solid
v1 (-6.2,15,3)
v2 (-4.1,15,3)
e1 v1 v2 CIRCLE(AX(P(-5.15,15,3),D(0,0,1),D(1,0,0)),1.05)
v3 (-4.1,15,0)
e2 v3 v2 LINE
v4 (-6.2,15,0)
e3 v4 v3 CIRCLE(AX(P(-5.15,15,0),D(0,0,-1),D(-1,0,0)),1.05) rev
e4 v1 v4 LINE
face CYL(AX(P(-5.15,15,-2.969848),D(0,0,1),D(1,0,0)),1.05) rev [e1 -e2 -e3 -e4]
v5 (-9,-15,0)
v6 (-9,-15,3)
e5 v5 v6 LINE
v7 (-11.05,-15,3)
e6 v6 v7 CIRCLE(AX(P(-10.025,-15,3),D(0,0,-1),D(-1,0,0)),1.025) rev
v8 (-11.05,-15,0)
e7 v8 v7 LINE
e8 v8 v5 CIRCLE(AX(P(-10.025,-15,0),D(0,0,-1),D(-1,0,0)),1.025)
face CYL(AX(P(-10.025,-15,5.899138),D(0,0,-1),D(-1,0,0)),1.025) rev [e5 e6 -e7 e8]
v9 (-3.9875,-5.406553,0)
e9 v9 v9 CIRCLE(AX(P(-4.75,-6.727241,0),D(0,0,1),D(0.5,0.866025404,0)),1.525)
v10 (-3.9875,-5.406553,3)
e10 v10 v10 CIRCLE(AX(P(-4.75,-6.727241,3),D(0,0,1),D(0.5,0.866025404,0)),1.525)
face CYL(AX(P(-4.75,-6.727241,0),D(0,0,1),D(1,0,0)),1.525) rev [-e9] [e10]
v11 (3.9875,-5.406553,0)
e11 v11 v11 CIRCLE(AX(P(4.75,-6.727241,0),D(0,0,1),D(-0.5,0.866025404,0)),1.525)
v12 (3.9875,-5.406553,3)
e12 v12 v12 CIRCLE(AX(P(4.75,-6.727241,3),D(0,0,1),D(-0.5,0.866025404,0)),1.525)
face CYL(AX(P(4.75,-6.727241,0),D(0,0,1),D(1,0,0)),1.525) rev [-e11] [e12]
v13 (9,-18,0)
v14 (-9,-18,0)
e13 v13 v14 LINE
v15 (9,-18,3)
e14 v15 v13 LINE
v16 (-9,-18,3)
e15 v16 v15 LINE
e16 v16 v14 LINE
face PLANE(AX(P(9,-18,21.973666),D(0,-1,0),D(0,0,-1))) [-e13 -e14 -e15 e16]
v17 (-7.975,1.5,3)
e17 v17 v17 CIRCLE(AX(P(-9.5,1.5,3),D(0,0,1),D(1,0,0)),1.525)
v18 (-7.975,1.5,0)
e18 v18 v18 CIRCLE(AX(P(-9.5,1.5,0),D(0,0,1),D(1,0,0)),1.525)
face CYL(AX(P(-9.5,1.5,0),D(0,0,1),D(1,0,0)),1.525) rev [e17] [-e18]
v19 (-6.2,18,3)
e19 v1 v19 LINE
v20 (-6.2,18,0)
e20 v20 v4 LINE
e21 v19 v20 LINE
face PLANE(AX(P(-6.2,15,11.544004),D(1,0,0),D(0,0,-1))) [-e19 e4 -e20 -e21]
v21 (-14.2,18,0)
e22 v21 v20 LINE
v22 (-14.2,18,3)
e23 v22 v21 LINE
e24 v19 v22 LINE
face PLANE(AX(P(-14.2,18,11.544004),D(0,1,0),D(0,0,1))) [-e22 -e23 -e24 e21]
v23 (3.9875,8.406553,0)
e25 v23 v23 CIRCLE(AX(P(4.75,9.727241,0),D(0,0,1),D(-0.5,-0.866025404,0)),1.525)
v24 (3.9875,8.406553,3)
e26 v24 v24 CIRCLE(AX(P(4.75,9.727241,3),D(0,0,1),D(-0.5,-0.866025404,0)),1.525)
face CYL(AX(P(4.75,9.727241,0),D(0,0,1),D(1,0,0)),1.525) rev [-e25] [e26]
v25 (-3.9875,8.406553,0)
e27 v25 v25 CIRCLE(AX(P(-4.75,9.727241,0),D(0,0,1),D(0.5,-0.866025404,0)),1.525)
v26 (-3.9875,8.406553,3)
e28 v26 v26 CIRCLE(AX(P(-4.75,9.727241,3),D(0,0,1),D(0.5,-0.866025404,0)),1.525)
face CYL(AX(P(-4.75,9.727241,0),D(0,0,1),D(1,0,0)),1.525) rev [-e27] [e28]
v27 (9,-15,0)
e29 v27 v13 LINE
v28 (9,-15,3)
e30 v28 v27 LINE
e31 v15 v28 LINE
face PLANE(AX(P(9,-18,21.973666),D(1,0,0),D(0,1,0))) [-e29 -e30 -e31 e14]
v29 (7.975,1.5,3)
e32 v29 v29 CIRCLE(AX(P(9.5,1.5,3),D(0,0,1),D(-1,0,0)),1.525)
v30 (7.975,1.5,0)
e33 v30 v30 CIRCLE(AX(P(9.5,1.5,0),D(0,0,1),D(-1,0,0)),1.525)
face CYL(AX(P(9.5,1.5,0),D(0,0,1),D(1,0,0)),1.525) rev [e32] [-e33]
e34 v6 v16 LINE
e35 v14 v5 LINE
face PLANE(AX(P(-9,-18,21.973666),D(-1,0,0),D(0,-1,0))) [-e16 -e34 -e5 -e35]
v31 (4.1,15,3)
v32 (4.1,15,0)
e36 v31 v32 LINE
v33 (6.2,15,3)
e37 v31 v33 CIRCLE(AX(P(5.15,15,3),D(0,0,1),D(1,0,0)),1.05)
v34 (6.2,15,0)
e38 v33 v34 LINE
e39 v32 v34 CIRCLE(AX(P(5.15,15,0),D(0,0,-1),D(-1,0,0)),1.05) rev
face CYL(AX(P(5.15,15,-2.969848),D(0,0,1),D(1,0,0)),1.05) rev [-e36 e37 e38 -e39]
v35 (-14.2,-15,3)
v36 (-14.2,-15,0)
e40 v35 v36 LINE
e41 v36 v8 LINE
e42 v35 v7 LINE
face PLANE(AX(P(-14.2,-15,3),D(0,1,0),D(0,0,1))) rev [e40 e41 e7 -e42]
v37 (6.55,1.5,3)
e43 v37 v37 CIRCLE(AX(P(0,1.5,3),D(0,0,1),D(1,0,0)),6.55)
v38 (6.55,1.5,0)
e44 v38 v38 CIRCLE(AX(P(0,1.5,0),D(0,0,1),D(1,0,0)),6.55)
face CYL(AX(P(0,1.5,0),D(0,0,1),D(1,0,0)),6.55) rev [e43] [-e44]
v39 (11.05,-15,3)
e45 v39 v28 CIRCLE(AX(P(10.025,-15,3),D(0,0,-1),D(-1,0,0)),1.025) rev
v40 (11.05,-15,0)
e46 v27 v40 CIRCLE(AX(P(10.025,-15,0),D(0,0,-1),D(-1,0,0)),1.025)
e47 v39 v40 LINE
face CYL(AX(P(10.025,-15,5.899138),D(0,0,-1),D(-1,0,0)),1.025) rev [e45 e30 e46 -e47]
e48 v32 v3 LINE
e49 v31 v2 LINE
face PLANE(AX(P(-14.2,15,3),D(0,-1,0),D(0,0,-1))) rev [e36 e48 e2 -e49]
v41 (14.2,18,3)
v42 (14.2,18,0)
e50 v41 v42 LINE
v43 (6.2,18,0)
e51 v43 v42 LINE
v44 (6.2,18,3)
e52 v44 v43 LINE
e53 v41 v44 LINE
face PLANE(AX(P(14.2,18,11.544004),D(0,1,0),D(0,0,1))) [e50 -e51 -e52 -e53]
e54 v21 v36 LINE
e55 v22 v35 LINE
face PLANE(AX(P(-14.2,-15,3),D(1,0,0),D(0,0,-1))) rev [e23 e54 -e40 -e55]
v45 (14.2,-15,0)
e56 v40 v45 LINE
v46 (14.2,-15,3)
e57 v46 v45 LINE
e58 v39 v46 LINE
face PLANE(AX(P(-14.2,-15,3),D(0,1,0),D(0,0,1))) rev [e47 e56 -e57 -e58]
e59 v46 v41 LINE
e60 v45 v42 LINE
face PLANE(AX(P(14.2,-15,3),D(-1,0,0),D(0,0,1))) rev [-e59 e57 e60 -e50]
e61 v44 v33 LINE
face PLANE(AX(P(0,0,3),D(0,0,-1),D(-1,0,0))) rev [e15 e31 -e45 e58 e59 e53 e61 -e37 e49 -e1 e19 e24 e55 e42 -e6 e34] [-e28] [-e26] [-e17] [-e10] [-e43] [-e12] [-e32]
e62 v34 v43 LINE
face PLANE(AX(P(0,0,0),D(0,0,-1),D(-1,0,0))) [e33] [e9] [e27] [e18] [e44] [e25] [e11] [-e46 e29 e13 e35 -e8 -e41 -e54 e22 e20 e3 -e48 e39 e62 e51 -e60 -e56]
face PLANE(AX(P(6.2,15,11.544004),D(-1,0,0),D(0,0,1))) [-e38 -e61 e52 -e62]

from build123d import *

# Parameters (mm, degrees)
SKETCH_1_W               = 28.4
SKETCH_1_H               = 30
EXTRUDE_1_DEPTH          = 3
SKETCH_2_R               = 6.55
CUT_EXTRUDE_1_DEPTH      = 3
SKETCH_3_R               = 1.525
CUT_EXTRUDE_2_DEPTH      = 3
PATTERN_CIRCULAR_1_COUNT = 6
SKETCH_4_W               = 8
SKETCH_4_H               = 3
EXTRUDE_2_DEPTH          = 3
SKETCH_5_R               = 1.05
CUT_EXTRUDE_3_DEPTH      = 3
SKETCH_6_W               = 18
SKETCH_6_H               = 6
EXTRUDE_3_DEPTH          = 3
SKETCH_7_R               = 1.025
CUT_EXTRUDE_4_DEPTH      = 3


with BuildPart() as part:
    # 草图1 → 凸台-拉伸1 (new body)
    with BuildSketch(Plane.XY):
        Rectangle(SKETCH_1_W, SKETCH_1_H)
    extrude(amount=EXTRUDE_1_DEPTH)

    # 草图2 → 切除-拉伸1 (cut)
    with BuildSketch(Plane.XY.offset(3)):
        with Locations((0, 1.5)):
            Circle(SKETCH_2_R)
    extrude(amount=-CUT_EXTRUDE_1_DEPTH, mode=Mode.SUBTRACT)

    # 草图3 → 切除-拉伸2 (cut)
    with BuildSketch(Plane.XY.offset(3)):
        with Locations((-9.5, 1.5)):
            Circle(SKETCH_3_R)
    cut_extrude_2 = extrude(amount=-CUT_EXTRUDE_2_DEPTH, mode=Mode.SUBTRACT)

    # 阵列(圆周)1: 切除-拉伸2 ×6 about axis
    pattern_circular_1_axis = Axis((0, 1.5, 0), (0, 0, 1))
    for i in range(1, PATTERN_CIRCULAR_1_COUNT):
        add(cut_extrude_2.rotate(pattern_circular_1_axis, i * 360 / PATTERN_CIRCULAR_1_COUNT), mode=Mode.SUBTRACT)

    # 草图4 → 凸台-拉伸2 (add)
    with BuildSketch(Plane(origin=(0, 0, 0), x_dir=(-1, 0, 0), z_dir=(0, 0, -1))):
        with Locations((-10.2, 16.5)):
            Rectangle(SKETCH_4_W, SKETCH_4_H)
        with Locations((10.2, 16.5)):
            Rectangle(SKETCH_4_W, SKETCH_4_H)
    extrude(amount=-EXTRUDE_2_DEPTH)

    # 草图5 → 切除-拉伸3 (cut)
    with BuildSketch(Plane.XY.offset(3)):
        with Locations((-5.15, 15)):
            Circle(SKETCH_5_R)
        with Locations((5.15, 15)):
            Circle(SKETCH_5_R)
    extrude(amount=-CUT_EXTRUDE_3_DEPTH, mode=Mode.SUBTRACT)

    # 草图6 → 凸台-拉伸3 (add)
    with BuildSketch(Plane(origin=(0, 0, 0), x_dir=(-1, 0, 0), z_dir=(0, 0, -1))):
        with Locations((0, -15)):
            Rectangle(SKETCH_6_W, SKETCH_6_H)
    extrude(amount=-EXTRUDE_3_DEPTH)

    # 草图7 → 切除-拉伸4 (cut)
    with BuildSketch(Plane(origin=(0, 0, 0), x_dir=(-1, 0, 0), z_dir=(0, 0, -1))):
        with Locations((10.025, -15)):
            Circle(SKETCH_7_R)
        with Locations((-10.025, -15)):
            Circle(SKETCH_7_R)
    extrude(amount=-CUT_EXTRUDE_4_DEPTH, mode=Mode.SUBTRACT)


solid = part.part
